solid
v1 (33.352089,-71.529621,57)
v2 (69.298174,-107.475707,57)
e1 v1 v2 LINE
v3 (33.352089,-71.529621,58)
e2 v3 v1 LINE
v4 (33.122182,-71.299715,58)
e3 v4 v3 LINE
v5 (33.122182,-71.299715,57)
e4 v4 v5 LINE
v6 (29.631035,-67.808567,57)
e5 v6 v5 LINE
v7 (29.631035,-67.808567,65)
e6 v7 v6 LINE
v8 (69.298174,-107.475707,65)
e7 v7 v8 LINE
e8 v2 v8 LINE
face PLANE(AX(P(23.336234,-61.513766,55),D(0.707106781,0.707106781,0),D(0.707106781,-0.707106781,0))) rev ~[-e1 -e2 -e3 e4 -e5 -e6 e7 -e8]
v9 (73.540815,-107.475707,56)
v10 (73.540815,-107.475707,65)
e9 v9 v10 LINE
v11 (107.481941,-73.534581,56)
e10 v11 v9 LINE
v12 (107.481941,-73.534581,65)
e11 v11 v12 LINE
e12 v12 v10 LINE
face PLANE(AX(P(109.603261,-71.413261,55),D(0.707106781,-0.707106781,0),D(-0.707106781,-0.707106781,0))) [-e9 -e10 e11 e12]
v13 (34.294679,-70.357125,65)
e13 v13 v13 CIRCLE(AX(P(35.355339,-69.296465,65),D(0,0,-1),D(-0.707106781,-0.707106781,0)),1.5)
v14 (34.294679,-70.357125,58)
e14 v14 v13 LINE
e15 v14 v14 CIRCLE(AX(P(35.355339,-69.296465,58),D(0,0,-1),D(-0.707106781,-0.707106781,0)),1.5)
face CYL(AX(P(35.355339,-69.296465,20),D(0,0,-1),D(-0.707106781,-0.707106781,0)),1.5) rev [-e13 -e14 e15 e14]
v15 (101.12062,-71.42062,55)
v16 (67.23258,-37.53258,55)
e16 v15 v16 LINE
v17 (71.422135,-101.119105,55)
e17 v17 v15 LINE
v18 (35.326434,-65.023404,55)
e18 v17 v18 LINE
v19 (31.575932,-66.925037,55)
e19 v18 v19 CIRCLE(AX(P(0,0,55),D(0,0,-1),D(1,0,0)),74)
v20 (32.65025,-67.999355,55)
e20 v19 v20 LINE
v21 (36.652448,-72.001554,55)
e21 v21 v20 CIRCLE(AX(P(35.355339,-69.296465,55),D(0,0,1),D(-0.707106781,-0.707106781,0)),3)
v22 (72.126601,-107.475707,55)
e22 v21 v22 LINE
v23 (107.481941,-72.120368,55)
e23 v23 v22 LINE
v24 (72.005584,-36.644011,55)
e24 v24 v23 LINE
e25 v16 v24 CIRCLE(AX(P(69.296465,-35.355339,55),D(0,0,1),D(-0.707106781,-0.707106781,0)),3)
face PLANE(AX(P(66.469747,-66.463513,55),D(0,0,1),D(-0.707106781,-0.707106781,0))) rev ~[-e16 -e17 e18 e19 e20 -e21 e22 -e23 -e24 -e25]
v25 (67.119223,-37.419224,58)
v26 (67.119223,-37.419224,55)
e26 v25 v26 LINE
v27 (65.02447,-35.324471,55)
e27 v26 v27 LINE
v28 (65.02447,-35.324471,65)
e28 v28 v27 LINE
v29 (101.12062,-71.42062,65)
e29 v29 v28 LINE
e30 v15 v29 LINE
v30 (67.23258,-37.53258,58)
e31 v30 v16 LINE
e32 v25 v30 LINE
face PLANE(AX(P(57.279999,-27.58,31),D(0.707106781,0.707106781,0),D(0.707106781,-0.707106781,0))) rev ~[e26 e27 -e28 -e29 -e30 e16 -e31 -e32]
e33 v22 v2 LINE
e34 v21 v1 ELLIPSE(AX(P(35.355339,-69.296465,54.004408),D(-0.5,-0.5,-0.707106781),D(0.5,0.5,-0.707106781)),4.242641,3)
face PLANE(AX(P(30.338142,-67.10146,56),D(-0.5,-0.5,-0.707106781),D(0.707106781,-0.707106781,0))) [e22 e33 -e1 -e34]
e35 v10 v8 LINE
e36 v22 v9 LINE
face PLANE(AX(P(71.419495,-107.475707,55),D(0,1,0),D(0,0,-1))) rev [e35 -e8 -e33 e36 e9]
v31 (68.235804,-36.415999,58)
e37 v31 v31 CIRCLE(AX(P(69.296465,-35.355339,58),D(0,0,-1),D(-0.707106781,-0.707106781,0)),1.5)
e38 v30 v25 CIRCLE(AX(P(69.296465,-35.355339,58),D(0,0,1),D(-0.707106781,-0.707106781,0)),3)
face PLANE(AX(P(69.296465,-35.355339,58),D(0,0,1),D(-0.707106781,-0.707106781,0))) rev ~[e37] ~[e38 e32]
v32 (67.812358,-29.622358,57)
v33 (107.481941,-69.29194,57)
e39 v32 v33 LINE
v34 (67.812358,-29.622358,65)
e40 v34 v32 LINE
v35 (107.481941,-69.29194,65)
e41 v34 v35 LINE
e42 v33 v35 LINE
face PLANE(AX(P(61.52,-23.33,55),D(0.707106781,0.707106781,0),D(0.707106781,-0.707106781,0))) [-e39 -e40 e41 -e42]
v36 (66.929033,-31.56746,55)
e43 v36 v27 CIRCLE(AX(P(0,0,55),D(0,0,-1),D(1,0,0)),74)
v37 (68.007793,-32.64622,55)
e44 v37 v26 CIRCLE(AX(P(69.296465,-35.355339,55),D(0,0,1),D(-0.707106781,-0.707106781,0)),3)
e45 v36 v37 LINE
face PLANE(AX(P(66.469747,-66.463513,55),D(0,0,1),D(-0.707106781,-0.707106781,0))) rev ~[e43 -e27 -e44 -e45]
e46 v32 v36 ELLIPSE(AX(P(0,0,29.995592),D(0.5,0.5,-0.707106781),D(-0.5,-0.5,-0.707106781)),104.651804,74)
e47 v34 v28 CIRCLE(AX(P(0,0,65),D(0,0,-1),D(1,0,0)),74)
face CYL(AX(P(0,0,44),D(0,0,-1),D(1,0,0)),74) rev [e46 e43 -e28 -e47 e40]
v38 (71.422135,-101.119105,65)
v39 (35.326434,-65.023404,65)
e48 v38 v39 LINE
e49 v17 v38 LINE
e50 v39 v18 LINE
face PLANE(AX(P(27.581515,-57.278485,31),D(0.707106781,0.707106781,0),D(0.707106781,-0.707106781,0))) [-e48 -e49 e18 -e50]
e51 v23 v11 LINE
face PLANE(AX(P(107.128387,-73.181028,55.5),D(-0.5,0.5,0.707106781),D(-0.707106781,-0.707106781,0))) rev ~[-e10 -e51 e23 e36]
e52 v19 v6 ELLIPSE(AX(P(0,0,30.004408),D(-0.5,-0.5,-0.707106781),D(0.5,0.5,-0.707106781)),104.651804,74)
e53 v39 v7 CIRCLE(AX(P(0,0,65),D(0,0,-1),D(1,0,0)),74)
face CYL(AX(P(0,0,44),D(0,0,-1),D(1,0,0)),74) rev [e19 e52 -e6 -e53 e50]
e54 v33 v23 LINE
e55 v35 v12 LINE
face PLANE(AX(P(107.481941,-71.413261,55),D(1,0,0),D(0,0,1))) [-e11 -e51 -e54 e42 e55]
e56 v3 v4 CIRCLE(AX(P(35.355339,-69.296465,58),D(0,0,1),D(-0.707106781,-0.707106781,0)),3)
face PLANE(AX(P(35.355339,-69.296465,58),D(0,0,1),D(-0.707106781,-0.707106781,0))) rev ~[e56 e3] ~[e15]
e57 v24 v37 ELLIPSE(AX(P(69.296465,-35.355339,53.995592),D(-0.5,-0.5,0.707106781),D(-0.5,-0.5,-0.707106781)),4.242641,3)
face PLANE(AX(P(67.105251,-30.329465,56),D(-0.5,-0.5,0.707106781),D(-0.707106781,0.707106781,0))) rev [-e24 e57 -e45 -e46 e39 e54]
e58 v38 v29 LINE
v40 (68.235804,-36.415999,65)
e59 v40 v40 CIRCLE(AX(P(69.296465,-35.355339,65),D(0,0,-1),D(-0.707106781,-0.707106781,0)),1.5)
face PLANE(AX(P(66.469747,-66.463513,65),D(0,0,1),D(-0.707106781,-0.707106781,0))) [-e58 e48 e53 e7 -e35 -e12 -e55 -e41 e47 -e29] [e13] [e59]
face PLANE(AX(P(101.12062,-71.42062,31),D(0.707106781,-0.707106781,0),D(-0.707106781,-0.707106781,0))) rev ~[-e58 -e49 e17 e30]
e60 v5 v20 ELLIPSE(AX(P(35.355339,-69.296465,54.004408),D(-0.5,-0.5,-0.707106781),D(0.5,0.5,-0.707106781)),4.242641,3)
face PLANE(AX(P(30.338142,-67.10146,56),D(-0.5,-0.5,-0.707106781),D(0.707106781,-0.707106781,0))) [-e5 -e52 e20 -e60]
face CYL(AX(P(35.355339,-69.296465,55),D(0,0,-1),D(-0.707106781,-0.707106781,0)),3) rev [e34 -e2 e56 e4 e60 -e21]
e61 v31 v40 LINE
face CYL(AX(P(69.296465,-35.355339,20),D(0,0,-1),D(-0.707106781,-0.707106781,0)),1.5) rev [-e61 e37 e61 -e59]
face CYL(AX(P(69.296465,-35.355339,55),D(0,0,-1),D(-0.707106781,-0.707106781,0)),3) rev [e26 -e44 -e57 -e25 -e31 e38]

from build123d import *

# Parameters (mm, degrees)
CYLINDER1977_R               = 3
CYLINDER1977_DEPTH           = 3
CYLINDER1974_R               = 3
CYLINDER1974_DEPTH           = 3
CYLINDER1975_R               = 3
CYLINDER1975_DEPTH           = 3
CYLINDER1976_R               = 3
CYLINDER1976_DEPTH           = 3
COMPOUND1064_PLACEMENT_ANGLE = 225
CYLINDER1981_R               = 1.5
CYLINDER1981_DEPTH           = 60
CYLINDER1978_R               = 1.5
CYLINDER1978_DEPTH           = 60
CYLINDER1979_R               = 1.5
CYLINDER1979_DEPTH           = 60
CYLINDER1980_R               = 1.5
CYLINDER1980_DEPTH           = 60
COMPOUND1067_PLACEMENT_ANGLE = 225
CYLINDER1982_R               = 74
CYLINDER1982_DEPTH           = 40
BOX982_W                     = 42
BOX982_H                     = 62
BOX982_DEPTH                 = 50
COMPOUND1065_PLACEMENT_ANGLE = 225
BOX983_W                     = 54
BOX983_H                     = 68
BOX983_DEPTH                 = 10
COMPOUND1066_PLACEMENT_ANGLE = 225
CHAMFER073_SIZE              = 3
CHAMFER074_SIZE              = 2
CHAMFER075_SIZE              = 1


with BuildPart() as v_lec1977:
    # Cylinder1977 → Cylinder1977 (new body)
    with BuildSketch(Plane(origin=(-24, 74, -80), x_dir=(1, 0, 0), z_dir=(0, 0, 1))):
        Circle(CYLINDER1977_R)
    extrude(amount=CYLINDER1977_DEPTH)


with BuildPart() as v_lec1974:
    # Cylinder1974 → Cylinder1974 (new body)
    with BuildSketch(Plane(origin=(-15, 135, -80), x_dir=(1, 0, 0), z_dir=(0, 0, 1))):
        Circle(CYLINDER1974_R)
    extrude(amount=CYLINDER1974_DEPTH)


with BuildPart() as v_lec1975:
    # Cylinder1975 → Cylinder1975 (new body)
    with BuildSketch(Plane(origin=(15, 135, -80), x_dir=(1, 0, 0), z_dir=(0, 0, 1))):
        Circle(CYLINDER1975_R)
    extrude(amount=CYLINDER1975_DEPTH)


with BuildPart() as compound1064:
    # Cylinder1976 → Cylinder1976 (new body)
    with BuildSketch(Plane(origin=(24, 74, -80), x_dir=(1, 0, 0), z_dir=(0, 0, 1))):
        Circle(CYLINDER1976_R)
    extrude(amount=CYLINDER1976_DEPTH)

    # Compound1064: union Válec1977, Válec1974, Válec1975
    add(v_lec1977.part)
    add(v_lec1974.part)
    add(v_lec1975.part)


with BuildPart() as compound1064_1:
    # Compound1064 placement: moved
    add(compound1064.part.moved(Location((0, 0, 135))).rotate(Axis((0, 0, 135), (0, 0, 1)), COMPOUND1064_PLACEMENT_ANGLE))


with BuildPart() as v_lec1981:
    # Cylinder1981 → Cylinder1981 (new body)
    with BuildSketch(Plane(origin=(-24, 74, -80), x_dir=(1, 0, 0), z_dir=(0, 0, 1))):
        Circle(CYLINDER1981_R)
    extrude(amount=CYLINDER1981_DEPTH)


with BuildPart() as v_lec1978:
    # Cylinder1978 → Cylinder1978 (new body)
    with BuildSketch(Plane(origin=(-15, 135, -80), x_dir=(1, 0, 0), z_dir=(0, 0, 1))):
        Circle(CYLINDER1978_R)
    extrude(amount=CYLINDER1978_DEPTH)


with BuildPart() as v_lec1979:
    # Cylinder1979 → Cylinder1979 (new body)
    with BuildSketch(Plane(origin=(15, 135, -80), x_dir=(1, 0, 0), z_dir=(0, 0, 1))):
        Circle(CYLINDER1979_R)
    extrude(amount=CYLINDER1979_DEPTH)


with BuildPart() as compound1067:
    # Cylinder1980 → Cylinder1980 (new body)
    with BuildSketch(Plane(origin=(24, 74, -80), x_dir=(1, 0, 0), z_dir=(0, 0, 1))):
        Circle(CYLINDER1980_R)
    extrude(amount=CYLINDER1980_DEPTH)

    # Compound1067: union Válec1981, Válec1978, Válec1979
    add(v_lec1981.part)
    add(v_lec1978.part)
    add(v_lec1979.part)


with BuildPart() as compound1067_1:
    # Compound1067 placement: moved
    add(compound1067.part.moved(Location((0, 0, 100))).rotate(Axis((0, 0, 100), (0, 0, 1)), COMPOUND1067_PLACEMENT_ANGLE))


with BuildPart() as v_lec1982:
    # Cylinder1982 → Cylinder1982 (new body)
    with BuildSketch(Plane.XY.offset(44)):
        Circle(CYLINDER1982_R)
    extrude(amount=CYLINDER1982_DEPTH)


with BuildPart() as compound1065:
    # Box982 → Box982 (new body)
    with BuildSketch(Plane(origin=(-21.001071, 60.005081, 31), x_dir=(1, 0, 0), z_dir=(0, 0, 1))):
        with Locations((21, 31)):
            Rectangle(BOX982_W, BOX982_H)
    extrude(amount=BOX982_DEPTH)


with BuildPart() as compound1065_1:
    # Compound1065 placement: moved
    add(compound1065.part.rotate(Axis((0, 0, 0), (0, 0, 1)), COMPOUND1065_PLACEMENT_ANGLE))


with BuildPart() as cut664:
    # Box983 → Box983 (new body)
    with BuildSketch(Plane(origin=(-27.004408, 59.99801, 75), x_dir=(1, 0, 0), z_dir=(0, 0, 1))):
        with Locations((27, 34)):
            Rectangle(BOX983_W, BOX983_H)
    extrude(amount=BOX983_DEPTH)


with BuildPart() as cut664_1:
    # Compound1066 placement: moved
    add(cut664.part.moved(Location((0, 0, -20))).rotate(Axis((0, 0, -20), (0, 0, 1)), COMPOUND1066_PLACEMENT_ANGLE))

    # Cut666: cut Compound1065
    add(compound1065_1.part, mode=Mode.SUBTRACT)

    # Cut669: cut Válec1982
    add(v_lec1982.part, mode=Mode.SUBTRACT)

    # Chamfer073
    chamfer073_edges = [cut664_1.edges().sort_by_distance(p)[0] for p in [
        (109.603261, -71.413261, 60),
        (71.419495, -109.597027, 60),
    ]]
    chamfer(chamfer073_edges, length=CHAMFER073_SIZE)

    # Chamfer074
    chamfer074_edges = [cut664_1.edges().sort_by_distance(p)[0] for p in [
        (87.647149, -49.457149, 55),
        (49.464605, -87.642137, 55),
    ]]
    chamfer(chamfer074_edges, length=CHAMFER074_SIZE)

    # Chamfer075
    chamfer075_edges = [cut664_1.edges().sort_by_distance(p)[0] for p in [
        (90.511378, -90.505144, 55),
    ]]
    chamfer(chamfer075_edges, length=CHAMFER075_SIZE)

    # Cut665: cut Compound1067
    add(compound1067_1.part, mode=Mode.SUBTRACT)

    # Cut664: cut Compound1064
    add(compound1064_1.part, mode=Mode.SUBTRACT)


solid = cut664_1.part
